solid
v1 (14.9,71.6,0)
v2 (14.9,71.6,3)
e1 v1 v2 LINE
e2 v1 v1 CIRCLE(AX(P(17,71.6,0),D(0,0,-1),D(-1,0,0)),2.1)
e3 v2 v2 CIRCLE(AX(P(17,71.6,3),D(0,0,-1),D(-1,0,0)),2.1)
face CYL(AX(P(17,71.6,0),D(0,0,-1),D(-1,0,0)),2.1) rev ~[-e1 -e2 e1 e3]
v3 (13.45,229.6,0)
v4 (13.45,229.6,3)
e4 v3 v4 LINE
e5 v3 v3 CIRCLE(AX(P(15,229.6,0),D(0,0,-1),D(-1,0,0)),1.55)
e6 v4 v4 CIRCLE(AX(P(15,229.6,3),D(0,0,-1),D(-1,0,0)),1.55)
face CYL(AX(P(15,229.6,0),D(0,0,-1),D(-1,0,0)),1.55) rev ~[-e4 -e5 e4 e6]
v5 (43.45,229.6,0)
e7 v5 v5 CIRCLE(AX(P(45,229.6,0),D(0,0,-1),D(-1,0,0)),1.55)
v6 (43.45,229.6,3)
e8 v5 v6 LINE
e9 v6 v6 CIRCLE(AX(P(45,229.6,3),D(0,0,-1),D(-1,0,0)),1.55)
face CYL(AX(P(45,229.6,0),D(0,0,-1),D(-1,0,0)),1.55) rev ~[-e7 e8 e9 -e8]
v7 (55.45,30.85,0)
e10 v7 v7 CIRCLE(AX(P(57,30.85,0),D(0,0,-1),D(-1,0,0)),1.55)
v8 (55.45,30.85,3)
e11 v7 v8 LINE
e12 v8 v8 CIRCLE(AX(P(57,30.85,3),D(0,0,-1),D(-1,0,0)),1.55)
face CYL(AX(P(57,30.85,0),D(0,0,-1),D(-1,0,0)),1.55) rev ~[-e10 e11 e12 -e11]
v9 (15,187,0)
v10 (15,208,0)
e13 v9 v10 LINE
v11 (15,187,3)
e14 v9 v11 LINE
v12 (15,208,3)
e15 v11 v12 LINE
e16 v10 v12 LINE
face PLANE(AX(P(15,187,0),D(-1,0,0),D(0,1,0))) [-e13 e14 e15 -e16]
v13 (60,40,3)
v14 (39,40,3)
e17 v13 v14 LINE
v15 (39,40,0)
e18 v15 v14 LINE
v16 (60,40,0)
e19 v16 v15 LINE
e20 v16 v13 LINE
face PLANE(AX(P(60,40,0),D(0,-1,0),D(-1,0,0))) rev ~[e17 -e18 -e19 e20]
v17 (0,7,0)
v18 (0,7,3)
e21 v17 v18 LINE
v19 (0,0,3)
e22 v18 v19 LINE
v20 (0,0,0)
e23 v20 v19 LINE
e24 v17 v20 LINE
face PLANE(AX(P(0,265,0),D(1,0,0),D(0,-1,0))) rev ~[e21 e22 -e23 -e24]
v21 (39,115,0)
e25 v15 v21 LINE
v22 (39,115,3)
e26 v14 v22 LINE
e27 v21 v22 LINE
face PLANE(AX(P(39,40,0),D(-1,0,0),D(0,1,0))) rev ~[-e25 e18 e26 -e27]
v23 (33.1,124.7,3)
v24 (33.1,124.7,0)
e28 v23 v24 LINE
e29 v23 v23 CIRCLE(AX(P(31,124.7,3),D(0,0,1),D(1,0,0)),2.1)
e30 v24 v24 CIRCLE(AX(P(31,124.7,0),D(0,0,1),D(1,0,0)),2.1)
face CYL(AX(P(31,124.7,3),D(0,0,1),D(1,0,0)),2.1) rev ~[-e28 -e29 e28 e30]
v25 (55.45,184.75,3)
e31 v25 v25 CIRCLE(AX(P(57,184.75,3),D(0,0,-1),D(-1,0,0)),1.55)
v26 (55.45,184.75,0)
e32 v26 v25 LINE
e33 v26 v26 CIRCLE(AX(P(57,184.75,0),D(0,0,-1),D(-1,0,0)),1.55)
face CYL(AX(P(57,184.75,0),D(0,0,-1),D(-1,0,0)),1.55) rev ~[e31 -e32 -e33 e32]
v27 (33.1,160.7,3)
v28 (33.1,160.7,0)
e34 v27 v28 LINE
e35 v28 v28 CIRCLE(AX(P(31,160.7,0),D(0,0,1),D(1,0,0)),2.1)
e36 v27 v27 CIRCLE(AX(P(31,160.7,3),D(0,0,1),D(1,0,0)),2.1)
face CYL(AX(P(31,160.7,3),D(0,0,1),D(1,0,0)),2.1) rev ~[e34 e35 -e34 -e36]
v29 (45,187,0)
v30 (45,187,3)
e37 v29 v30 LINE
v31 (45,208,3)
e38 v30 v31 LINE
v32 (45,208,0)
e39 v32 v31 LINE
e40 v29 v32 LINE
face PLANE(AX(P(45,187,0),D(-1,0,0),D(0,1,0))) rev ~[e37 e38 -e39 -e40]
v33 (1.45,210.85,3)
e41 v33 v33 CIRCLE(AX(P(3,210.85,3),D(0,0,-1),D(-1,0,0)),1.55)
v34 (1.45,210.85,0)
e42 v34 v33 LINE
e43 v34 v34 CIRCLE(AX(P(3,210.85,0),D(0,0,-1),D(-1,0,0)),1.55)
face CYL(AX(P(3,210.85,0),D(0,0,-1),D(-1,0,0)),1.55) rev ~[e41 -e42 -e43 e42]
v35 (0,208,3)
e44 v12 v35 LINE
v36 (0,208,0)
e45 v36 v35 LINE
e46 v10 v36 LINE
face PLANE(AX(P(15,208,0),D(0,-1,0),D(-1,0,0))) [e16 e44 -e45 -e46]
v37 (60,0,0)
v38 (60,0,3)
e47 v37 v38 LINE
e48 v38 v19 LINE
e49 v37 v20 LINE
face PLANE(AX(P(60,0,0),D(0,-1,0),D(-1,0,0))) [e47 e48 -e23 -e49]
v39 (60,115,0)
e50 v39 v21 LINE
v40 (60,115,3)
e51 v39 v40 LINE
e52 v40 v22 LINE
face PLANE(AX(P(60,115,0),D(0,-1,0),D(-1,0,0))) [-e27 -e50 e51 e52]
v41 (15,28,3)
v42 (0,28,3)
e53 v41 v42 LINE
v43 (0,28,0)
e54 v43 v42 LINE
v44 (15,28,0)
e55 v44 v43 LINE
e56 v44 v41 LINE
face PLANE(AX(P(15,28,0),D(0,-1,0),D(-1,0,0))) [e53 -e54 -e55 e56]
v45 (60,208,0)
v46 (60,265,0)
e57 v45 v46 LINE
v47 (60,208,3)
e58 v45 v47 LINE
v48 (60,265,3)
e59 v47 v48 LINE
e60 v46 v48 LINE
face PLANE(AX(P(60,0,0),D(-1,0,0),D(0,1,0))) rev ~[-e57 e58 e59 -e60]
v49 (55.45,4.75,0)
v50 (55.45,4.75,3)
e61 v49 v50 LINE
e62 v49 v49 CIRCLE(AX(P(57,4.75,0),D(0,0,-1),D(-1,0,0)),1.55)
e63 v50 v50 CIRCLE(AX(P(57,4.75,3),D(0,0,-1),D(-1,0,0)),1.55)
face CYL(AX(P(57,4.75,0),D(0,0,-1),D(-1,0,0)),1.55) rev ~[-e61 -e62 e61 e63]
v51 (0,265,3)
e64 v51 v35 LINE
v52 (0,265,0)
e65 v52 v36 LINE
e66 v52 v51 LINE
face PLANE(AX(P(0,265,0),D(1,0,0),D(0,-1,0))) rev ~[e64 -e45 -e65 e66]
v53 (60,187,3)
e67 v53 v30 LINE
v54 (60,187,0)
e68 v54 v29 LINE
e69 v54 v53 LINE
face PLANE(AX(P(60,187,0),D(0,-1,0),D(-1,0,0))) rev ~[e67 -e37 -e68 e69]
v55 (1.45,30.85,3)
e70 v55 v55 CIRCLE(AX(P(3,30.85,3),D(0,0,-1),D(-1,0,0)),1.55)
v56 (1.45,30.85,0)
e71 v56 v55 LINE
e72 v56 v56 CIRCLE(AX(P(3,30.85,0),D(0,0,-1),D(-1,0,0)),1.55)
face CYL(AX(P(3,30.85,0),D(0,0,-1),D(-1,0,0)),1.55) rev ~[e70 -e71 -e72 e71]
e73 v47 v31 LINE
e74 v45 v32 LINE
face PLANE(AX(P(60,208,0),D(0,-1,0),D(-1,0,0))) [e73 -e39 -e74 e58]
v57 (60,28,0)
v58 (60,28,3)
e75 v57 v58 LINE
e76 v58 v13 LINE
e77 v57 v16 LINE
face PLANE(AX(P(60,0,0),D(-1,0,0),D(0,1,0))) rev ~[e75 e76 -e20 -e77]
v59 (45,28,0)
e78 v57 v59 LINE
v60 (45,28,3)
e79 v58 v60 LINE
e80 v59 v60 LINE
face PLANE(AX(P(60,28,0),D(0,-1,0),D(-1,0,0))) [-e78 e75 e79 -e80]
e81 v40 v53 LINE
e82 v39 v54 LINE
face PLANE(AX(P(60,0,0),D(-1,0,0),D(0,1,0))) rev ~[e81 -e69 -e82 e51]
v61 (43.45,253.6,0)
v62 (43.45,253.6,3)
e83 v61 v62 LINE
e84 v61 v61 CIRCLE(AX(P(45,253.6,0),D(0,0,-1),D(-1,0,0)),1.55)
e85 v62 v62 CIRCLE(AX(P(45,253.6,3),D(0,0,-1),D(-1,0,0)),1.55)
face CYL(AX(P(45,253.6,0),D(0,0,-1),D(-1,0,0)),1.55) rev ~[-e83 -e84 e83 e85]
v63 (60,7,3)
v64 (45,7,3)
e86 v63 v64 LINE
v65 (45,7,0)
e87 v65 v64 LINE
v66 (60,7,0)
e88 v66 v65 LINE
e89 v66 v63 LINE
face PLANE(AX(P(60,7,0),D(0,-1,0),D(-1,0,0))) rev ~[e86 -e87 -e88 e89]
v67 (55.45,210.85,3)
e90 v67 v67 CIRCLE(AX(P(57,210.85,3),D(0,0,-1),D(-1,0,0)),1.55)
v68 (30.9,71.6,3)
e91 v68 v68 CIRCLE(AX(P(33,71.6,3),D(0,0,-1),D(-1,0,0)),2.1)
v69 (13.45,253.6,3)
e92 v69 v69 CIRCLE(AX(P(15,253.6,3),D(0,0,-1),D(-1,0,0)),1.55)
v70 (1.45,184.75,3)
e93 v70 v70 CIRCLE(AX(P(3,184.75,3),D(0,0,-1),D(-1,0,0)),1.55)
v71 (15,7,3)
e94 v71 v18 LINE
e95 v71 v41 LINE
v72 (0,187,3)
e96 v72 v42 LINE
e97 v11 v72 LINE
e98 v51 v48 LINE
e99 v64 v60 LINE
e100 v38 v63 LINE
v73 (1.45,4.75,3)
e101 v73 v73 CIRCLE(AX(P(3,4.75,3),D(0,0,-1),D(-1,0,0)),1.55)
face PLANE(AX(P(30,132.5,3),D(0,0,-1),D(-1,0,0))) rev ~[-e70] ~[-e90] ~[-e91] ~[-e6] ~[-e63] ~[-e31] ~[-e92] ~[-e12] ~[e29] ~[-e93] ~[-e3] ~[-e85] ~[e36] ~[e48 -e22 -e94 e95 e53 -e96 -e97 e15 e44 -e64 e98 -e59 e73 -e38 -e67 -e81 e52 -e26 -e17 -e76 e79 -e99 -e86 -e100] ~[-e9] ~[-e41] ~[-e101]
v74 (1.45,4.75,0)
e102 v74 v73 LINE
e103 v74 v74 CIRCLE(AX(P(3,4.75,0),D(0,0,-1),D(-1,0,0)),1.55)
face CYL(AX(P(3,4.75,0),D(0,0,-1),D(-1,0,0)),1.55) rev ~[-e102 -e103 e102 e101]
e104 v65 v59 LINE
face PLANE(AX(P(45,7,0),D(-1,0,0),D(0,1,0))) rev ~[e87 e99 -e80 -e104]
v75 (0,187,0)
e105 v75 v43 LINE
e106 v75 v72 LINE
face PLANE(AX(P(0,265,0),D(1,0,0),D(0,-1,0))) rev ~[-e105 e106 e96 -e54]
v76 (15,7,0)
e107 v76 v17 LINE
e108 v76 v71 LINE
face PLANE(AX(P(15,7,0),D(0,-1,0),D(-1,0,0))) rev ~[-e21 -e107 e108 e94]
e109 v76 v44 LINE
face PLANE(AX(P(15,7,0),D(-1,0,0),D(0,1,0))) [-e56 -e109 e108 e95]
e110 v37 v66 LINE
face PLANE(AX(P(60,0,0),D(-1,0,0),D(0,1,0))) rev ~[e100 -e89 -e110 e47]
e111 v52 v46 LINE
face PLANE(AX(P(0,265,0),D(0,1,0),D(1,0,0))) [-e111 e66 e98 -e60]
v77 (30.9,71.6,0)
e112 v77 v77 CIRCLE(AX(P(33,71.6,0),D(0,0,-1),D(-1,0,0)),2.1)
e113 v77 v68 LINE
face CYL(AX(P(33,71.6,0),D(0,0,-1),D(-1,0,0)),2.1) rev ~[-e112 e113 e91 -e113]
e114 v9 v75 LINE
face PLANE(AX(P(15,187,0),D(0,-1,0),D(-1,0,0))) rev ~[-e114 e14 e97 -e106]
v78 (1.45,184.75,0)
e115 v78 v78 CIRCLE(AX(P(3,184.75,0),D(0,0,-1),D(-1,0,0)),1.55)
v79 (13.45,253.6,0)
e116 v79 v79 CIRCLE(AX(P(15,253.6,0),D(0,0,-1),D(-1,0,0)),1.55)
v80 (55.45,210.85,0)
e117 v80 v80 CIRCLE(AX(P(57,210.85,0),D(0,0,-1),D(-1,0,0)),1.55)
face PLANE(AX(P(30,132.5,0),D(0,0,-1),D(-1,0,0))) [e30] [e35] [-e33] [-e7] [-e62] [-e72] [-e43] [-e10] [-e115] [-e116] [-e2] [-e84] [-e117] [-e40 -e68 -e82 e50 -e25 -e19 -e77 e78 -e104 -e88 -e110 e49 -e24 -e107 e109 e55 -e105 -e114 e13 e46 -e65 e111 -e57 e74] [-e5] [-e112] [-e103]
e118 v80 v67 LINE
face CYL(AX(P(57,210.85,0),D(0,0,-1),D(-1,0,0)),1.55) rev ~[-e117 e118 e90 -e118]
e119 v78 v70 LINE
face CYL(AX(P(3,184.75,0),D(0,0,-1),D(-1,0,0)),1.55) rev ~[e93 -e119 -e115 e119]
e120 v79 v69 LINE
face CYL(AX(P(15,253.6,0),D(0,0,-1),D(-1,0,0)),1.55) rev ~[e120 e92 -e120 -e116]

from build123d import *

# Parameters (mm, degrees)
EXTRUDE_1_DEPTH     = 3
SKETCH_4_W          = 15
SKETCH_4_H          = 21
CUT_EXTRUDE_1_DEPTH = 3
SKETCH_5_R          = 1.55
CUT_EXTRUDE_2_DEPTH = 272.724124803
SKETCH_7_W          = 21
SKETCH_7_H          = 75
CUT_EXTRUDE_3_DEPTH = 272.724124803
SKETCH_8_R          = 2.1
CUT_EXTRUDE_4_DEPTH = 272.724124803
SKETCH_9_R          = 2.1
CUT_EXTRUDE_5_DEPTH = 272.724124803


with BuildPart() as part:
    # 草图1 → 凸台-拉伸1 (new body)
    with BuildSketch(Plane.XY):
        Polygon((0, 240), (0, 265), (60, 265), (60, 240), (60, 0), (0, 0), align=None)
    extrude(amount=EXTRUDE_1_DEPTH)

    # 草图4 → 切除-拉伸1 (cut)
    with BuildSketch(Plane(origin=(0, 0, 0), x_dir=(-1, 0, 0), z_dir=(0, 0, -1))):
        with Locations((-52.5, 17.5)):
            Rectangle(SKETCH_4_W, SKETCH_4_H)
        with Locations((-7.5, 17.5)):
            Rectangle(SKETCH_4_W, SKETCH_4_H)
        with Locations((-7.5, 197.5)):
            Rectangle(SKETCH_4_W, SKETCH_4_H)
        with Locations((-52.5, 197.5)):
            Rectangle(SKETCH_4_W, SKETCH_4_H)
    extrude(amount=-CUT_EXTRUDE_1_DEPTH, mode=Mode.SUBTRACT)

    # 草图5 → 切除-拉伸2 (cut, through all)
    with BuildSketch(Plane(origin=(0, 0, 0), x_dir=(-1, 0, 0), z_dir=(0, 0, -1))):
        with Locations((-45, 229.6)):
            Circle(SKETCH_5_R)
        with Locations((-45, 253.6)):
            Circle(SKETCH_5_R)
        with Locations((-15, 253.6)):
            Circle(SKETCH_5_R)
        with Locations((-15, 229.6)):
            Circle(SKETCH_5_R)
        with Locations((-57, 184.75)):
            Circle(SKETCH_5_R)
        with Locations((-3, 184.75)):
            Circle(SKETCH_5_R)
        with Locations((-3, 210.85)):
            Circle(SKETCH_5_R)
        with Locations((-57, 210.85)):
            Circle(SKETCH_5_R)
        with Locations((-57, 4.75)):
            Circle(SKETCH_5_R)
        with Locations((-3, 4.75)):
            Circle(SKETCH_5_R)
        with Locations((-3, 30.85)):
            Circle(SKETCH_5_R)
        with Locations((-57, 30.85)):
            Circle(SKETCH_5_R)
    extrude(amount=-CUT_EXTRUDE_2_DEPTH, mode=Mode.SUBTRACT)

    # 草图7 → 切除-拉伸3 (cut, through all)
    with BuildSketch(Plane(origin=(0, 0, 0), x_dir=(-1, 0, 0), z_dir=(0, 0, -1))):
        with Locations((-49.5, 77.5)):
            Rectangle(SKETCH_7_W, SKETCH_7_H)
    extrude(amount=-CUT_EXTRUDE_3_DEPTH, mode=Mode.SUBTRACT)

    # 草图8 → 切除-拉伸4 (cut, through all)
    with BuildSketch(Plane.XY.offset(3)):
        with Locations((31, 160.7)):
            Circle(SKETCH_8_R)
        with Locations((31, 124.7)):
            Circle(SKETCH_8_R)
    extrude(amount=-CUT_EXTRUDE_4_DEPTH, mode=Mode.SUBTRACT)

    # 草图9 → 切除-拉伸5 (cut, through all)
    with BuildSketch(Plane(origin=(0, 0, 0), x_dir=(-1, 0, 0), z_dir=(0, 0, -1))):
        with Locations((-17, 71.6)):
            Circle(SKETCH_9_R)
        with Locations((-33, 71.6)):
            Circle(SKETCH_9_R)
    extrude(amount=-CUT_EXTRUDE_5_DEPTH, mode=Mode.SUBTRACT)


solid = part.part
